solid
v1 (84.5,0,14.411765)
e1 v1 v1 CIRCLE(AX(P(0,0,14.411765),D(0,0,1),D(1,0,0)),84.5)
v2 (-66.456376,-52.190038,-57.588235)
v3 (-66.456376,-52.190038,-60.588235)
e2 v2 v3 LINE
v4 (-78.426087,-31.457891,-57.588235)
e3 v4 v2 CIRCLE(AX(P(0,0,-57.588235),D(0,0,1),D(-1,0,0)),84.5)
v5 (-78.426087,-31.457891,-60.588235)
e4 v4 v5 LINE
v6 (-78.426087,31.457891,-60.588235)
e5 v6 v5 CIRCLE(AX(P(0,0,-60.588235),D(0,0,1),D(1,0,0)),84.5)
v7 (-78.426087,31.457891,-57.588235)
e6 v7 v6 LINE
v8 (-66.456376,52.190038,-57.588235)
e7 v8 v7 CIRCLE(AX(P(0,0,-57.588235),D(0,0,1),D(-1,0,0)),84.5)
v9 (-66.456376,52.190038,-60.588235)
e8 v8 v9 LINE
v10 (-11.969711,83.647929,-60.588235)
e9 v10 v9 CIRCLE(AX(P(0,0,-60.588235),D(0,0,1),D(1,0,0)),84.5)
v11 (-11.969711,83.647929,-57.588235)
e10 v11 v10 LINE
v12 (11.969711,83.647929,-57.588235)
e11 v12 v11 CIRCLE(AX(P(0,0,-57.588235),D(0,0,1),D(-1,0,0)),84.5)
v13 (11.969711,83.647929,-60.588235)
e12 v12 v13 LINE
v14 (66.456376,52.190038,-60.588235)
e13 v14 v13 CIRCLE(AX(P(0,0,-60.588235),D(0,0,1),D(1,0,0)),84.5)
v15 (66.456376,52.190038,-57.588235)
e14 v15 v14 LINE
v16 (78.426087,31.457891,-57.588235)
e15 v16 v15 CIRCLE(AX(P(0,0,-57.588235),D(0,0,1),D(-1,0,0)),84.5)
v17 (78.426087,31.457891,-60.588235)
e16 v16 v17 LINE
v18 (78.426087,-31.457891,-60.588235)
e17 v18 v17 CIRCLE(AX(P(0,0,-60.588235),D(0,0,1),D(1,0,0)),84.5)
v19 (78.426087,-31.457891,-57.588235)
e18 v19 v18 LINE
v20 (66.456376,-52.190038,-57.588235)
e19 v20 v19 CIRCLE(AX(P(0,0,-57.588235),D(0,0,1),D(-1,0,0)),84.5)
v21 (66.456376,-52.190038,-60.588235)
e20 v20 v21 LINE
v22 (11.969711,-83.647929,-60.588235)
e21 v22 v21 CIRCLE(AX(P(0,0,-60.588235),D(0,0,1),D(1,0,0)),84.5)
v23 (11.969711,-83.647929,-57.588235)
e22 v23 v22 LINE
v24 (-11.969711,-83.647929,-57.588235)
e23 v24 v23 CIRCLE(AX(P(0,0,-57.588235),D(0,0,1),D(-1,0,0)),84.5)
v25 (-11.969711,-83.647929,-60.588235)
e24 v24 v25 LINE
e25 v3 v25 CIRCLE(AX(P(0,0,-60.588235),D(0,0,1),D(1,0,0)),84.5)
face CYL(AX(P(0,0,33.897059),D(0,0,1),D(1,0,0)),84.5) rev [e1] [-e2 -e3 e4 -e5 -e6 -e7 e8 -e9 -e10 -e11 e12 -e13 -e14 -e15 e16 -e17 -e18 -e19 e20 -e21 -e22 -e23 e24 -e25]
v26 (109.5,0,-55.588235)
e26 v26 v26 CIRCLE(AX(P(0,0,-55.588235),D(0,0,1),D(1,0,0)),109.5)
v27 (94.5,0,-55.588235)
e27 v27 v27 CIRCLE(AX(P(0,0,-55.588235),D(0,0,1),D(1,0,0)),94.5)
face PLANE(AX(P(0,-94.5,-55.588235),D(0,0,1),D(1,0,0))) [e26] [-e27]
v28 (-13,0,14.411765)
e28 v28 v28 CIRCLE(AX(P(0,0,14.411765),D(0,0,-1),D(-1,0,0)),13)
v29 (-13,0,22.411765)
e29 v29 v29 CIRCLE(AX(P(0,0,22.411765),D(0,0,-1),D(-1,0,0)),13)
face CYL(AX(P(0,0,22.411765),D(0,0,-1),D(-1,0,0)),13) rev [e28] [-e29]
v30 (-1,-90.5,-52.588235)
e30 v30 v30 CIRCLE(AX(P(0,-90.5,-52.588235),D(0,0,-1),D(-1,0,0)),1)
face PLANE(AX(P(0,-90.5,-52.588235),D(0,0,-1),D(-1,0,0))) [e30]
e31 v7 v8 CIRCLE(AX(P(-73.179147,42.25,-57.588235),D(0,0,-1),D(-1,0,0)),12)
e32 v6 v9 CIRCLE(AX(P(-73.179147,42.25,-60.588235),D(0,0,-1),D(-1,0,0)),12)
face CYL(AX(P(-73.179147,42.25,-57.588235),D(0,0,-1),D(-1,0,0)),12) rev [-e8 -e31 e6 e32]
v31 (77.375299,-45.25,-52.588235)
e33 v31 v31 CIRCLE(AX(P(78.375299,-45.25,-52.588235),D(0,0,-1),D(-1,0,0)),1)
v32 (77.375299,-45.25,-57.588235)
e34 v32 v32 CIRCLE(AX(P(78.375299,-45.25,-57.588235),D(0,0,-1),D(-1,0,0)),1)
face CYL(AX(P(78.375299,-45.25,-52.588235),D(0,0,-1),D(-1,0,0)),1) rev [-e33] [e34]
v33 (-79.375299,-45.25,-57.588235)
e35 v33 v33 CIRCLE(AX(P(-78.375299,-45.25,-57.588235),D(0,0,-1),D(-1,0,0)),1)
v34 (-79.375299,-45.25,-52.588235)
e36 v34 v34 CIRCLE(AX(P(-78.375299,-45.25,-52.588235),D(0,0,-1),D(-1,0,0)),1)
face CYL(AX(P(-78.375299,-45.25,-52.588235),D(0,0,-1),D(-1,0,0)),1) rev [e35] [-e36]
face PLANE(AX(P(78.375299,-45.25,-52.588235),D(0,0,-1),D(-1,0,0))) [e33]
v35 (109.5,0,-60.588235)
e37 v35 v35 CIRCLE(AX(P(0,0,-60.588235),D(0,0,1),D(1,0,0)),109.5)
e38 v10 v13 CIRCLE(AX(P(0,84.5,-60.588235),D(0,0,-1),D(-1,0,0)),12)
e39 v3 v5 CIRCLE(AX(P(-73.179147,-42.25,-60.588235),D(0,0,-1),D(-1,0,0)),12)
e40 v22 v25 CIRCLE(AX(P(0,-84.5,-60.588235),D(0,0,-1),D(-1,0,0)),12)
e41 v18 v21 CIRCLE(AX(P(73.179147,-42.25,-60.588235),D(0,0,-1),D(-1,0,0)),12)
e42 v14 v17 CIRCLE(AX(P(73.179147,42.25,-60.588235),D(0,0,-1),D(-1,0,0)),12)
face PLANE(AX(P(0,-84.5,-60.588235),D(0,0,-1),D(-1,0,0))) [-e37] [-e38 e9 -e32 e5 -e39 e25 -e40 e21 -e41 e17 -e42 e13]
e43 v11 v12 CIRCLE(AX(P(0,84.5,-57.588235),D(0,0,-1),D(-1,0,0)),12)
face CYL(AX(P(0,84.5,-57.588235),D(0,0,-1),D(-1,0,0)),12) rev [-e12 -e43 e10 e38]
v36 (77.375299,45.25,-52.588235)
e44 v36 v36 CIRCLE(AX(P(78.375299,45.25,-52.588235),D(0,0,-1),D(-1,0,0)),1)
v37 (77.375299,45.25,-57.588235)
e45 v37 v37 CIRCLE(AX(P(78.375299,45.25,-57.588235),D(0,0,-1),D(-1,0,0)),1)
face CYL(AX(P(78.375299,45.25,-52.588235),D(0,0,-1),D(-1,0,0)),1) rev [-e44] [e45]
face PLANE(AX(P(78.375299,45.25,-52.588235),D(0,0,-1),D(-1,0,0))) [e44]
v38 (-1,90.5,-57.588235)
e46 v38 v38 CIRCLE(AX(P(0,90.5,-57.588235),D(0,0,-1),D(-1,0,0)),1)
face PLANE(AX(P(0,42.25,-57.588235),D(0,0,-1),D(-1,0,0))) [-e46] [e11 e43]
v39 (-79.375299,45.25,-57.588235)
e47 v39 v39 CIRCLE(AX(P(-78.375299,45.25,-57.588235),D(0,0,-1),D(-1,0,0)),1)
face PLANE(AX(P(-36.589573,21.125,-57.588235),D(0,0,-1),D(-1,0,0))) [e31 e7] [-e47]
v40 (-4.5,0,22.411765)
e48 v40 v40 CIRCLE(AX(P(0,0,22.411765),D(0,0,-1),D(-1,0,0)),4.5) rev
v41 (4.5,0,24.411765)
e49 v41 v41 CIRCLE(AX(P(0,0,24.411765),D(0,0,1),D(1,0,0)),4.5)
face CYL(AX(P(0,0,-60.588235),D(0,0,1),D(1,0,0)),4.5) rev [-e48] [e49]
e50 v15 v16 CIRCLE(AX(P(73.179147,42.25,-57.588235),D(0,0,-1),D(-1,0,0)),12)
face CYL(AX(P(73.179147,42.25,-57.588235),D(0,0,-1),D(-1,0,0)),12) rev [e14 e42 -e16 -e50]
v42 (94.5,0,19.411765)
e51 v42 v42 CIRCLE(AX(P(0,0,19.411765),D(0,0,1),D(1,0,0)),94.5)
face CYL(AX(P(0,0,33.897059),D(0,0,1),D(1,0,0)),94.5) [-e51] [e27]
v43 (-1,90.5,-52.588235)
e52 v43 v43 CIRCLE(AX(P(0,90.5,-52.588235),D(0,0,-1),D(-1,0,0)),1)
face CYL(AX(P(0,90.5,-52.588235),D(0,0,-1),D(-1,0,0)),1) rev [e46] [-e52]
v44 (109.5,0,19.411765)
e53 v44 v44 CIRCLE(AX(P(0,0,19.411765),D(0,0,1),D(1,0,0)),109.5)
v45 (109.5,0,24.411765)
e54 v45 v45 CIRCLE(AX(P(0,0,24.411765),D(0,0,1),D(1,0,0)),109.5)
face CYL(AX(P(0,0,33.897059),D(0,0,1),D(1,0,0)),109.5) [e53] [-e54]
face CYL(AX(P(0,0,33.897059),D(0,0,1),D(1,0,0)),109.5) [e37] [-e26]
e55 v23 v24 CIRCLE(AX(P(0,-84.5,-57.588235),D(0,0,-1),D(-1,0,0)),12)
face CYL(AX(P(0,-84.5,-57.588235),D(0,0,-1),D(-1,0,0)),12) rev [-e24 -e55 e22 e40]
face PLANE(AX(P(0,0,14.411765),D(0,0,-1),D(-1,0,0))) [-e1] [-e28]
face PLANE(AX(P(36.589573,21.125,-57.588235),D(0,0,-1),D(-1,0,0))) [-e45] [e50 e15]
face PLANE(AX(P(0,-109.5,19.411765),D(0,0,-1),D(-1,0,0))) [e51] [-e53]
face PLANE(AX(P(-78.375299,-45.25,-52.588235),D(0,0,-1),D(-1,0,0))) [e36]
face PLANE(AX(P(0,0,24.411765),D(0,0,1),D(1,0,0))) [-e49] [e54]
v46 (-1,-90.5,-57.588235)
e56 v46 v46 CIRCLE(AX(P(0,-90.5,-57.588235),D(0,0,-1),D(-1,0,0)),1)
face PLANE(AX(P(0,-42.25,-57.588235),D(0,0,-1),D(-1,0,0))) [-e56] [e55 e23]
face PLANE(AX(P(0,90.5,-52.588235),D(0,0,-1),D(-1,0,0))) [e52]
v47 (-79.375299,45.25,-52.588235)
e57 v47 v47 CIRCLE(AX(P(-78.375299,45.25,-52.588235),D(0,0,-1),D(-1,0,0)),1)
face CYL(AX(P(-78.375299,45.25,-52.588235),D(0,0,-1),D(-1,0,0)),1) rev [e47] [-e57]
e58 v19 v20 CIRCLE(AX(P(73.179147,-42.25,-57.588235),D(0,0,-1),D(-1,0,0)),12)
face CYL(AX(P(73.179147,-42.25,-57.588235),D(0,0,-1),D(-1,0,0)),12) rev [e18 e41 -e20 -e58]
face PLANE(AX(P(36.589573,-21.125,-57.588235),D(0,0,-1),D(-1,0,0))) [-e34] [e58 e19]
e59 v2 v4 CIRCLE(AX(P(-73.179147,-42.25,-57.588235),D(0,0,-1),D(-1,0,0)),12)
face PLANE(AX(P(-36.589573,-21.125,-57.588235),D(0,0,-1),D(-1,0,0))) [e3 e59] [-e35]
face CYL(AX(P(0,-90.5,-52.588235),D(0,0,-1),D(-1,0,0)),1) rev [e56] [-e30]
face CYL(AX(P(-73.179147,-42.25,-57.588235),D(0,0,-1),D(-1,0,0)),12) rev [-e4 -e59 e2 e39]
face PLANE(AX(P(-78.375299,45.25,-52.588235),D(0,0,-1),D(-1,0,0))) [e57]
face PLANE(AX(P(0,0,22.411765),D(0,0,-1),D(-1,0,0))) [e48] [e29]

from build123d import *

# Parameters (mm, degrees)
SKETCH5_R          = 4.5
CUT_EXTRUDE1_DEPTH = 86
SKETCH6_R          = 13
CUT_EXTRUDE2_DEPTH = 8
CUT_EXTRUDE4_DEPTH = 3
SKETCH9_R          = 1
CUT_EXTRUDE5_DEPTH = 5


with BuildPart() as part:
    # Sketch3 → Revolve1 (revolve)
    with BuildSketch(Plane(origin=(0, 0, 0), x_dir=(0, 0, -1), z_dir=(1, 0, 0))):
        Polygon((-24.411764706, 0), (-24.411764706, -109.5), (-19.411764706, -109.5), (-19.411764706, -94.5), (55.588235294, -94.5), (55.588235294, -109.5), (60.588235294, -109.5), (60.588235294, -84.5), (-14.411764706, -84.5), (-14.411764706, 0), align=None)
    revolve(axis=Axis((0, 0, 33.897058824), (0, 0, -1)))

    # Sketch5 → Cut-Extrude1 (cut, through all)
    with BuildSketch(Plane.XY.offset(24.411764706)):
        Circle(SKETCH5_R)
    extrude(amount=-CUT_EXTRUDE1_DEPTH, mode=Mode.SUBTRACT)

    # Sketch6 → Cut-Extrude2 (cut)
    with BuildSketch(Plane(origin=(0, 0, 14.411764706), x_dir=(-1, 0, 0), z_dir=(0, 0, -1))):
        Circle(SKETCH6_R)
    extrude(amount=-CUT_EXTRUDE2_DEPTH, mode=Mode.SUBTRACT)

    # Sketch8 → Cut-Extrude4 (cut)
    with BuildSketch(Plane(origin=(0, 0, -60.588235294), x_dir=(-1, 0, 0), z_dir=(0, 0, -1))):
        with BuildLine():
            ThreePointArc((11.969710732, 83.647928994), (0, 96.5), (-11.969710732, 83.647928994))
            ThreePointArc((-11.969710732, 83.647928994), (0, 84.5), (11.969710732, 83.647928994))
        make_face()
        with BuildLine():
            ThreePointArc((78.426086849, 31.457890927), (83.571451465, 48.25), (66.456376117, 52.190038067))
            ThreePointArc((66.456376117, 52.190038067), (73.17914662, 42.25), (78.426086849, 31.457890927))
        make_face()
        with BuildLine():
            ThreePointArc((66.456376117, -52.190038067), (83.571451465, -48.25), (78.426086849, -31.457890927))
            ThreePointArc((78.426086849, -31.457890927), (73.17914662, -42.25), (66.456376117, -52.190038067))
        make_face()
        with BuildLine():
            ThreePointArc((-11.969710732, -83.647928994), (0, -96.5), (11.969710732, -83.647928994))
            ThreePointArc((11.969710732, -83.647928994), (0, -84.5), (-11.969710732, -83.647928994))
        make_face()
        with BuildLine():
            ThreePointArc((-78.426086849, -31.457890927), (-83.571451465, -48.25), (-66.456376117, -52.190038067))
            ThreePointArc((-66.456376117, -52.190038067), (-73.17914662, -42.25), (-78.426086849, -31.457890927))
        make_face()
        with BuildLine():
            ThreePointArc((-66.456376117, 52.190038067), (-83.571451465, 48.25), (-78.426086849, 31.457890927))
            ThreePointArc((-78.426086849, 31.457890927), (-73.17914662, 42.25), (-66.456376117, 52.190038067))
        make_face()
    extrude(amount=-CUT_EXTRUDE4_DEPTH, mode=Mode.SUBTRACT)

    # Sketch9 → Cut-Extrude5 (cut)
    with BuildSketch(Plane(origin=(0, 0, -57.588235294), x_dir=(-1, 0, 0), z_dir=(0, 0, -1))):
        with Locations((0, 90.5)):
            Circle(SKETCH9_R)
        with Locations((78.375299042, 45.25)):
            Circle(SKETCH9_R)
        with Locations((78.375299042, -45.25)):
            Circle(SKETCH9_R)
        with Locations((0, -90.5)):
            Circle(SKETCH9_R)
        with Locations((-78.375299042, -45.25)):
            Circle(SKETCH9_R)
        with Locations((-78.375299042, 45.25)):
            Circle(SKETCH9_R)
    extrude(amount=-CUT_EXTRUDE5_DEPTH, mode=Mode.SUBTRACT)


solid = part.part
